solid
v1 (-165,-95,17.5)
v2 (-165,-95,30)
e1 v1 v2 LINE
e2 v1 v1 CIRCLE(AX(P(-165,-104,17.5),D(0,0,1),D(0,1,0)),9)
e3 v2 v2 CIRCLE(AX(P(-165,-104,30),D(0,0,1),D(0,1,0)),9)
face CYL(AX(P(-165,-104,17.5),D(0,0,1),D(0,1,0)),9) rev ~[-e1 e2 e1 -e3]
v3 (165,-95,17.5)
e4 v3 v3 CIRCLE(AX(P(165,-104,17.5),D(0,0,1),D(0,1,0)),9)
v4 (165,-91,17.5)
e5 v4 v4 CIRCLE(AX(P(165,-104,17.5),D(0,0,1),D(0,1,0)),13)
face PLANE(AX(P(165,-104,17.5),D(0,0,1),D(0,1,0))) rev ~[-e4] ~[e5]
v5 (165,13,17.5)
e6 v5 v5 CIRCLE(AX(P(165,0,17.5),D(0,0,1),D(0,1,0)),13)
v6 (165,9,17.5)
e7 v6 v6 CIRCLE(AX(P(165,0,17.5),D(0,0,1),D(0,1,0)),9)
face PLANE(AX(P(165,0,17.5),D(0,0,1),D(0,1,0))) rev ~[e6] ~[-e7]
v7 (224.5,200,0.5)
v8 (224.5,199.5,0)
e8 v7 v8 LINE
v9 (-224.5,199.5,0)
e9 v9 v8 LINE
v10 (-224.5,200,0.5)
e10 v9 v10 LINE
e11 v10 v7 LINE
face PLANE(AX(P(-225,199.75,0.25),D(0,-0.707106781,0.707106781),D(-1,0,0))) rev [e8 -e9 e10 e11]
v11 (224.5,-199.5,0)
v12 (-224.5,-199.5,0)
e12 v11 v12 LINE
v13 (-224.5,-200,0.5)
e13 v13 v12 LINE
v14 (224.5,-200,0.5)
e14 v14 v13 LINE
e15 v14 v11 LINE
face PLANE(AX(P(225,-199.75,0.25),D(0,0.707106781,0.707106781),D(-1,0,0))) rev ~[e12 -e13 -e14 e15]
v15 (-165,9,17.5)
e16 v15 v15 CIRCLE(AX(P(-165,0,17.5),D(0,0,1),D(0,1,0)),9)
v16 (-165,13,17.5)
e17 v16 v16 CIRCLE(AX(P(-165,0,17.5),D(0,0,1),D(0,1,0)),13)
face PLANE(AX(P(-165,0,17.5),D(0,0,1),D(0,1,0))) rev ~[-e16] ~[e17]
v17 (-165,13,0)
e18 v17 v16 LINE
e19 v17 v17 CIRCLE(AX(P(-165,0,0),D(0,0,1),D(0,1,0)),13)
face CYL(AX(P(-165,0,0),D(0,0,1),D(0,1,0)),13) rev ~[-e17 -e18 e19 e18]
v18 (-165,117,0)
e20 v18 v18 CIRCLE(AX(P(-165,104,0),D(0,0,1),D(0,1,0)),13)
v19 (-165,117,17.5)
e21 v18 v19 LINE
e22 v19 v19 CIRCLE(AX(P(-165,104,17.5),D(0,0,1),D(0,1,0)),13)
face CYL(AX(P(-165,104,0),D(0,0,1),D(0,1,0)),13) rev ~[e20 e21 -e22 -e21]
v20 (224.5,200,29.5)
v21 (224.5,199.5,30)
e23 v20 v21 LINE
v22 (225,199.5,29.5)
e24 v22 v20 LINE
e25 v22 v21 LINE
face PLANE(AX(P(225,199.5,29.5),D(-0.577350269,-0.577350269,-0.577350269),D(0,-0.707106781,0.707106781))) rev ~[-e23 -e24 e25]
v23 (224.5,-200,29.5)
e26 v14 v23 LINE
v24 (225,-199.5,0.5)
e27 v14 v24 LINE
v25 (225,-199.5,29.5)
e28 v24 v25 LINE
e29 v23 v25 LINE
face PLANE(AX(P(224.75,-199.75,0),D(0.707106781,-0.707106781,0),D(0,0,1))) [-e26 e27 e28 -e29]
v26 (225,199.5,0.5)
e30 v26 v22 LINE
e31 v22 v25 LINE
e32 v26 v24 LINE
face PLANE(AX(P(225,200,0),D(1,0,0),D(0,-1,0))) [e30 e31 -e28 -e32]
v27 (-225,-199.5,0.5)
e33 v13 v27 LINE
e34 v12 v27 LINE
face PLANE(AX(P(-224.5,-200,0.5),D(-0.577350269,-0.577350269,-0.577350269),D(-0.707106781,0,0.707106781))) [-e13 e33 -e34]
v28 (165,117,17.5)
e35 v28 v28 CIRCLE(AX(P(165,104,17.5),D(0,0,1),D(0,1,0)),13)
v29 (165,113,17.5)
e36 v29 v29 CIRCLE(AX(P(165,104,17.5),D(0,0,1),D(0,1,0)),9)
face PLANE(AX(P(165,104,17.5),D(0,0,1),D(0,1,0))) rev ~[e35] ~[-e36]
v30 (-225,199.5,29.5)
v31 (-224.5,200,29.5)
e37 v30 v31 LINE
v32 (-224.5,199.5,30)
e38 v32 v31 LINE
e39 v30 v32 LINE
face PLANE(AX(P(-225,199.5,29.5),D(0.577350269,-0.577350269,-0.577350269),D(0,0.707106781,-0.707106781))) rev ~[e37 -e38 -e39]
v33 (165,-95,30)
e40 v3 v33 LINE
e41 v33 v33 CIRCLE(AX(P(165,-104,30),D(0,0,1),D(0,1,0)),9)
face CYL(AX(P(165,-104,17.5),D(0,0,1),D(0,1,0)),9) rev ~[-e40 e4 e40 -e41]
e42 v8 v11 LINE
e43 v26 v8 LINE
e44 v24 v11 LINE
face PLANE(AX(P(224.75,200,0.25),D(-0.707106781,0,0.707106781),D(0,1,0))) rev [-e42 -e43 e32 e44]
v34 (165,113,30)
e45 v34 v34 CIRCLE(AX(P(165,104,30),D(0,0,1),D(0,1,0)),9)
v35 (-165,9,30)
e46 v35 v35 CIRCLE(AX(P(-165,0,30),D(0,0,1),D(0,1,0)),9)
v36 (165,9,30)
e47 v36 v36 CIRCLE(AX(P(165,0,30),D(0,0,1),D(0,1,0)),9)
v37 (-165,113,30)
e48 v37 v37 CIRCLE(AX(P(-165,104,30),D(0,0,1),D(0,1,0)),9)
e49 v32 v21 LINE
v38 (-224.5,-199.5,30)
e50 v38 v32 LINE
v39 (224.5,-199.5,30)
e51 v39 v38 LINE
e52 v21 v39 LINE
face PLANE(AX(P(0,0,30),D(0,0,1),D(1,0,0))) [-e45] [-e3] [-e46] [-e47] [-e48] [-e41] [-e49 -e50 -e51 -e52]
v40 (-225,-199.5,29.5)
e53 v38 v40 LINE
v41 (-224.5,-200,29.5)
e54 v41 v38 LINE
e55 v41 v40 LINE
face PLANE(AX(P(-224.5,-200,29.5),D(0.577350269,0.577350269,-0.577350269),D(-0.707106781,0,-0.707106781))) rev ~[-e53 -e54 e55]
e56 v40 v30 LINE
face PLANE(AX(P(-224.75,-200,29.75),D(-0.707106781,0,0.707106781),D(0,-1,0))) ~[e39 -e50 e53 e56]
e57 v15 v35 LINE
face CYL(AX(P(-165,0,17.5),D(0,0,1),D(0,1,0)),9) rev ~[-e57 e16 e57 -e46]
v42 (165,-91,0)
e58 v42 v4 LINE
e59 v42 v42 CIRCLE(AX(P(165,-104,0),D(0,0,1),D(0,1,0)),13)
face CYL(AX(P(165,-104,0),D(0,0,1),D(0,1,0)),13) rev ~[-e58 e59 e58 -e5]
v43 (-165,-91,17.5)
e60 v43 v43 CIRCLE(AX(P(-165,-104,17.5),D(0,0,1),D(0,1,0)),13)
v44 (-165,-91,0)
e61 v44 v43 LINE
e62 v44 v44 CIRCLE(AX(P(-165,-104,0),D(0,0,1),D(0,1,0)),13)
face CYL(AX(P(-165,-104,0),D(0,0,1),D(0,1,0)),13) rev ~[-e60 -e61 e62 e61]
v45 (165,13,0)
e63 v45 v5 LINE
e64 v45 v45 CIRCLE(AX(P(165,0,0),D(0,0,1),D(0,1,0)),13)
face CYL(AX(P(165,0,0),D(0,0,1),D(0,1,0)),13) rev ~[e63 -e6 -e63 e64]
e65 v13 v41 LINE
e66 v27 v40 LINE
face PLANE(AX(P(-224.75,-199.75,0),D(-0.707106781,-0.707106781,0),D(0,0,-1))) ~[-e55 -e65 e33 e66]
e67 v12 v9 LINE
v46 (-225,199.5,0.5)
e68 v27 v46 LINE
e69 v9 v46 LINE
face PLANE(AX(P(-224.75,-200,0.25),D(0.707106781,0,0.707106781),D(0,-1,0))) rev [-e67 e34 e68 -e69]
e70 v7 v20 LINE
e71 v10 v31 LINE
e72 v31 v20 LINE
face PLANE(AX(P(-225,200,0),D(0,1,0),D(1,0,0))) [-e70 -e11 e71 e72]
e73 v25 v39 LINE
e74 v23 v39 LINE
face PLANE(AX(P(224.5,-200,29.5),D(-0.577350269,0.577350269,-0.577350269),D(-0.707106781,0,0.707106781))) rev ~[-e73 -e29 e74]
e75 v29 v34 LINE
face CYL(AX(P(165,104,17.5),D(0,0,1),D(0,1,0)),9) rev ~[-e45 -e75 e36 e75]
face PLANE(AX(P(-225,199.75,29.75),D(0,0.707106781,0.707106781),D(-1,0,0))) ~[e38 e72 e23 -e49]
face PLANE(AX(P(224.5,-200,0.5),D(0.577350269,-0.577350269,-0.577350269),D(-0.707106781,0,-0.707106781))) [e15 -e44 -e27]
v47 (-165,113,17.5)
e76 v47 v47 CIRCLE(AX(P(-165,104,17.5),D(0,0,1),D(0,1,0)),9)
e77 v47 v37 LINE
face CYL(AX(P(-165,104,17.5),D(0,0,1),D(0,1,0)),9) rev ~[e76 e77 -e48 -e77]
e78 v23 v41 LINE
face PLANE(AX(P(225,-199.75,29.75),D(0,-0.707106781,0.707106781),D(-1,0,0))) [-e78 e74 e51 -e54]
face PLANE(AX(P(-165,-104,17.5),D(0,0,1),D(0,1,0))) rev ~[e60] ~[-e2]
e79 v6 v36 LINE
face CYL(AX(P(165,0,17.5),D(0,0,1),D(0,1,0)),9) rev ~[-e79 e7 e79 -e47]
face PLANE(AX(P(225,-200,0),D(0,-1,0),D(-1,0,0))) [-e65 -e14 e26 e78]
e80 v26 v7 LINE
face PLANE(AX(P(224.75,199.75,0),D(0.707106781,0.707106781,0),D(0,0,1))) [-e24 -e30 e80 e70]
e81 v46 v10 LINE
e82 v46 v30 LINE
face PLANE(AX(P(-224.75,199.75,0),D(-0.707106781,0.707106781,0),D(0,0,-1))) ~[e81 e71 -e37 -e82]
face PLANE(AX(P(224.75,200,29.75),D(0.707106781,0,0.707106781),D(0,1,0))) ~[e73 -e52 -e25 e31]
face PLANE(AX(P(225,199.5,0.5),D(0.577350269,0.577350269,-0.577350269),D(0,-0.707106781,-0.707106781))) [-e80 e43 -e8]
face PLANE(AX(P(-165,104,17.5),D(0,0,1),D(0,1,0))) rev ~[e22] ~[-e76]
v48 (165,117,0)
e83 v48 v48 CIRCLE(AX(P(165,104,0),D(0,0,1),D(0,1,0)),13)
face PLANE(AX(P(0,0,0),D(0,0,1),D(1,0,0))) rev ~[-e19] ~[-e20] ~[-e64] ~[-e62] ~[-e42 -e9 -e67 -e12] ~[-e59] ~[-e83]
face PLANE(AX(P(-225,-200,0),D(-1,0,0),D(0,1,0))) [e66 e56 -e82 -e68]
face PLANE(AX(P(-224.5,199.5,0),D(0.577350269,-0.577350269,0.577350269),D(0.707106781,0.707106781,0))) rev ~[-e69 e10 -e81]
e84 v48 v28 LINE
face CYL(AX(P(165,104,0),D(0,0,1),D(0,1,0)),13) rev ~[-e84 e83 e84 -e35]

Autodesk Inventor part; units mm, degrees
ref_plane "YZ Plane" through (0, 0, 0) normal (1, 0, 0) x (0, 1, 0)
ref_plane "XZ Plane" through (0, 0, 0) normal (0, 1, 0) x (-1, 0, 0)
ref_plane "XY Plane" through (0, 0, 0) normal (0, 0, 1) x (1, 0, 0)
sketch "Sketch1" plane through (0, 0, 0) normal (0, 0, 1) x (1, 0, 0)
  line L0 (-225, 200) -> (225, 200)
  line L1 (225, 200) -> (225, -200)
  line L2 (225, -200) -> (-225, -200)
  line L3 (-225, -200) -> (-225, 200)
  circle A0 centre (0, 0) radius 17.5
  point P0 (-225, 0)
  point P1 (0, 200)
  point P2 (-165, 104)
  dimension "d72" = 450
  dimension "d73" = 400
  dimension "d74" = 35
  dimension "d75" = 165
  dimension "d76" = 104
extrude "Extrusion1" add sketch "Sketch1" along normal blind 30 contours L0 L1 L2 L3 | A0
hole "Hole1" at (-165, 104, 0) direction (0, 0, 1) diameter 18 depth 30 counterbore diameter 26 counterbore depth 17.5
pattern_linear "Rectangular Pattern1" count 3 spacing 104 along (0, -1, 0) count 2 spacing 330 along (1, 0, 0) of "Hole1"
extrude "Extrusion2" [suppressed]
chamfer "Chamfer1" distance 0.5 angle 45 12 edges at (0, 200, 30) (-225, 0, 30) (-225, 200, 15) (-225, 0, 0) (0, 200, 0) (225, 200, 15) (225, 0, 30) (225, 0, 0) (225, -200, 15) (0, -200, 30) (0, -200, 0) (-225, -200, 15)
equation "\"d72\" = W_"
equation "\"d73\" = L"
equation "\"d74\" = dB"
equation "\"d75\" = 0.5 * S1_W"
equation "\"d76\" = 0.5 * S1_L"
equation "\"d77\" = H_"
equation "\"d79\" = S1_d1"
equation "\"d81\" = S1_d2"
equation "\"d82\" = S1_k"
equation "\"d84\" = H_"
equation "\"d92\" = H_"
equation "\"L\" = 400"
equation "\"W_\" = 450"
equation "\"H_\" = 30"
equation "\"S1_d1\" = 18"
equation "\"S1_d2\" = 26"
equation "\"S1_k\" = 17.5"
equation "\"S1_L\" = 208"
equation "\"dB\" = 35"
equation "\"S1_W\" = 330"
properties part number "SA-BCP-400x450x30x330" material "S 55 C"
